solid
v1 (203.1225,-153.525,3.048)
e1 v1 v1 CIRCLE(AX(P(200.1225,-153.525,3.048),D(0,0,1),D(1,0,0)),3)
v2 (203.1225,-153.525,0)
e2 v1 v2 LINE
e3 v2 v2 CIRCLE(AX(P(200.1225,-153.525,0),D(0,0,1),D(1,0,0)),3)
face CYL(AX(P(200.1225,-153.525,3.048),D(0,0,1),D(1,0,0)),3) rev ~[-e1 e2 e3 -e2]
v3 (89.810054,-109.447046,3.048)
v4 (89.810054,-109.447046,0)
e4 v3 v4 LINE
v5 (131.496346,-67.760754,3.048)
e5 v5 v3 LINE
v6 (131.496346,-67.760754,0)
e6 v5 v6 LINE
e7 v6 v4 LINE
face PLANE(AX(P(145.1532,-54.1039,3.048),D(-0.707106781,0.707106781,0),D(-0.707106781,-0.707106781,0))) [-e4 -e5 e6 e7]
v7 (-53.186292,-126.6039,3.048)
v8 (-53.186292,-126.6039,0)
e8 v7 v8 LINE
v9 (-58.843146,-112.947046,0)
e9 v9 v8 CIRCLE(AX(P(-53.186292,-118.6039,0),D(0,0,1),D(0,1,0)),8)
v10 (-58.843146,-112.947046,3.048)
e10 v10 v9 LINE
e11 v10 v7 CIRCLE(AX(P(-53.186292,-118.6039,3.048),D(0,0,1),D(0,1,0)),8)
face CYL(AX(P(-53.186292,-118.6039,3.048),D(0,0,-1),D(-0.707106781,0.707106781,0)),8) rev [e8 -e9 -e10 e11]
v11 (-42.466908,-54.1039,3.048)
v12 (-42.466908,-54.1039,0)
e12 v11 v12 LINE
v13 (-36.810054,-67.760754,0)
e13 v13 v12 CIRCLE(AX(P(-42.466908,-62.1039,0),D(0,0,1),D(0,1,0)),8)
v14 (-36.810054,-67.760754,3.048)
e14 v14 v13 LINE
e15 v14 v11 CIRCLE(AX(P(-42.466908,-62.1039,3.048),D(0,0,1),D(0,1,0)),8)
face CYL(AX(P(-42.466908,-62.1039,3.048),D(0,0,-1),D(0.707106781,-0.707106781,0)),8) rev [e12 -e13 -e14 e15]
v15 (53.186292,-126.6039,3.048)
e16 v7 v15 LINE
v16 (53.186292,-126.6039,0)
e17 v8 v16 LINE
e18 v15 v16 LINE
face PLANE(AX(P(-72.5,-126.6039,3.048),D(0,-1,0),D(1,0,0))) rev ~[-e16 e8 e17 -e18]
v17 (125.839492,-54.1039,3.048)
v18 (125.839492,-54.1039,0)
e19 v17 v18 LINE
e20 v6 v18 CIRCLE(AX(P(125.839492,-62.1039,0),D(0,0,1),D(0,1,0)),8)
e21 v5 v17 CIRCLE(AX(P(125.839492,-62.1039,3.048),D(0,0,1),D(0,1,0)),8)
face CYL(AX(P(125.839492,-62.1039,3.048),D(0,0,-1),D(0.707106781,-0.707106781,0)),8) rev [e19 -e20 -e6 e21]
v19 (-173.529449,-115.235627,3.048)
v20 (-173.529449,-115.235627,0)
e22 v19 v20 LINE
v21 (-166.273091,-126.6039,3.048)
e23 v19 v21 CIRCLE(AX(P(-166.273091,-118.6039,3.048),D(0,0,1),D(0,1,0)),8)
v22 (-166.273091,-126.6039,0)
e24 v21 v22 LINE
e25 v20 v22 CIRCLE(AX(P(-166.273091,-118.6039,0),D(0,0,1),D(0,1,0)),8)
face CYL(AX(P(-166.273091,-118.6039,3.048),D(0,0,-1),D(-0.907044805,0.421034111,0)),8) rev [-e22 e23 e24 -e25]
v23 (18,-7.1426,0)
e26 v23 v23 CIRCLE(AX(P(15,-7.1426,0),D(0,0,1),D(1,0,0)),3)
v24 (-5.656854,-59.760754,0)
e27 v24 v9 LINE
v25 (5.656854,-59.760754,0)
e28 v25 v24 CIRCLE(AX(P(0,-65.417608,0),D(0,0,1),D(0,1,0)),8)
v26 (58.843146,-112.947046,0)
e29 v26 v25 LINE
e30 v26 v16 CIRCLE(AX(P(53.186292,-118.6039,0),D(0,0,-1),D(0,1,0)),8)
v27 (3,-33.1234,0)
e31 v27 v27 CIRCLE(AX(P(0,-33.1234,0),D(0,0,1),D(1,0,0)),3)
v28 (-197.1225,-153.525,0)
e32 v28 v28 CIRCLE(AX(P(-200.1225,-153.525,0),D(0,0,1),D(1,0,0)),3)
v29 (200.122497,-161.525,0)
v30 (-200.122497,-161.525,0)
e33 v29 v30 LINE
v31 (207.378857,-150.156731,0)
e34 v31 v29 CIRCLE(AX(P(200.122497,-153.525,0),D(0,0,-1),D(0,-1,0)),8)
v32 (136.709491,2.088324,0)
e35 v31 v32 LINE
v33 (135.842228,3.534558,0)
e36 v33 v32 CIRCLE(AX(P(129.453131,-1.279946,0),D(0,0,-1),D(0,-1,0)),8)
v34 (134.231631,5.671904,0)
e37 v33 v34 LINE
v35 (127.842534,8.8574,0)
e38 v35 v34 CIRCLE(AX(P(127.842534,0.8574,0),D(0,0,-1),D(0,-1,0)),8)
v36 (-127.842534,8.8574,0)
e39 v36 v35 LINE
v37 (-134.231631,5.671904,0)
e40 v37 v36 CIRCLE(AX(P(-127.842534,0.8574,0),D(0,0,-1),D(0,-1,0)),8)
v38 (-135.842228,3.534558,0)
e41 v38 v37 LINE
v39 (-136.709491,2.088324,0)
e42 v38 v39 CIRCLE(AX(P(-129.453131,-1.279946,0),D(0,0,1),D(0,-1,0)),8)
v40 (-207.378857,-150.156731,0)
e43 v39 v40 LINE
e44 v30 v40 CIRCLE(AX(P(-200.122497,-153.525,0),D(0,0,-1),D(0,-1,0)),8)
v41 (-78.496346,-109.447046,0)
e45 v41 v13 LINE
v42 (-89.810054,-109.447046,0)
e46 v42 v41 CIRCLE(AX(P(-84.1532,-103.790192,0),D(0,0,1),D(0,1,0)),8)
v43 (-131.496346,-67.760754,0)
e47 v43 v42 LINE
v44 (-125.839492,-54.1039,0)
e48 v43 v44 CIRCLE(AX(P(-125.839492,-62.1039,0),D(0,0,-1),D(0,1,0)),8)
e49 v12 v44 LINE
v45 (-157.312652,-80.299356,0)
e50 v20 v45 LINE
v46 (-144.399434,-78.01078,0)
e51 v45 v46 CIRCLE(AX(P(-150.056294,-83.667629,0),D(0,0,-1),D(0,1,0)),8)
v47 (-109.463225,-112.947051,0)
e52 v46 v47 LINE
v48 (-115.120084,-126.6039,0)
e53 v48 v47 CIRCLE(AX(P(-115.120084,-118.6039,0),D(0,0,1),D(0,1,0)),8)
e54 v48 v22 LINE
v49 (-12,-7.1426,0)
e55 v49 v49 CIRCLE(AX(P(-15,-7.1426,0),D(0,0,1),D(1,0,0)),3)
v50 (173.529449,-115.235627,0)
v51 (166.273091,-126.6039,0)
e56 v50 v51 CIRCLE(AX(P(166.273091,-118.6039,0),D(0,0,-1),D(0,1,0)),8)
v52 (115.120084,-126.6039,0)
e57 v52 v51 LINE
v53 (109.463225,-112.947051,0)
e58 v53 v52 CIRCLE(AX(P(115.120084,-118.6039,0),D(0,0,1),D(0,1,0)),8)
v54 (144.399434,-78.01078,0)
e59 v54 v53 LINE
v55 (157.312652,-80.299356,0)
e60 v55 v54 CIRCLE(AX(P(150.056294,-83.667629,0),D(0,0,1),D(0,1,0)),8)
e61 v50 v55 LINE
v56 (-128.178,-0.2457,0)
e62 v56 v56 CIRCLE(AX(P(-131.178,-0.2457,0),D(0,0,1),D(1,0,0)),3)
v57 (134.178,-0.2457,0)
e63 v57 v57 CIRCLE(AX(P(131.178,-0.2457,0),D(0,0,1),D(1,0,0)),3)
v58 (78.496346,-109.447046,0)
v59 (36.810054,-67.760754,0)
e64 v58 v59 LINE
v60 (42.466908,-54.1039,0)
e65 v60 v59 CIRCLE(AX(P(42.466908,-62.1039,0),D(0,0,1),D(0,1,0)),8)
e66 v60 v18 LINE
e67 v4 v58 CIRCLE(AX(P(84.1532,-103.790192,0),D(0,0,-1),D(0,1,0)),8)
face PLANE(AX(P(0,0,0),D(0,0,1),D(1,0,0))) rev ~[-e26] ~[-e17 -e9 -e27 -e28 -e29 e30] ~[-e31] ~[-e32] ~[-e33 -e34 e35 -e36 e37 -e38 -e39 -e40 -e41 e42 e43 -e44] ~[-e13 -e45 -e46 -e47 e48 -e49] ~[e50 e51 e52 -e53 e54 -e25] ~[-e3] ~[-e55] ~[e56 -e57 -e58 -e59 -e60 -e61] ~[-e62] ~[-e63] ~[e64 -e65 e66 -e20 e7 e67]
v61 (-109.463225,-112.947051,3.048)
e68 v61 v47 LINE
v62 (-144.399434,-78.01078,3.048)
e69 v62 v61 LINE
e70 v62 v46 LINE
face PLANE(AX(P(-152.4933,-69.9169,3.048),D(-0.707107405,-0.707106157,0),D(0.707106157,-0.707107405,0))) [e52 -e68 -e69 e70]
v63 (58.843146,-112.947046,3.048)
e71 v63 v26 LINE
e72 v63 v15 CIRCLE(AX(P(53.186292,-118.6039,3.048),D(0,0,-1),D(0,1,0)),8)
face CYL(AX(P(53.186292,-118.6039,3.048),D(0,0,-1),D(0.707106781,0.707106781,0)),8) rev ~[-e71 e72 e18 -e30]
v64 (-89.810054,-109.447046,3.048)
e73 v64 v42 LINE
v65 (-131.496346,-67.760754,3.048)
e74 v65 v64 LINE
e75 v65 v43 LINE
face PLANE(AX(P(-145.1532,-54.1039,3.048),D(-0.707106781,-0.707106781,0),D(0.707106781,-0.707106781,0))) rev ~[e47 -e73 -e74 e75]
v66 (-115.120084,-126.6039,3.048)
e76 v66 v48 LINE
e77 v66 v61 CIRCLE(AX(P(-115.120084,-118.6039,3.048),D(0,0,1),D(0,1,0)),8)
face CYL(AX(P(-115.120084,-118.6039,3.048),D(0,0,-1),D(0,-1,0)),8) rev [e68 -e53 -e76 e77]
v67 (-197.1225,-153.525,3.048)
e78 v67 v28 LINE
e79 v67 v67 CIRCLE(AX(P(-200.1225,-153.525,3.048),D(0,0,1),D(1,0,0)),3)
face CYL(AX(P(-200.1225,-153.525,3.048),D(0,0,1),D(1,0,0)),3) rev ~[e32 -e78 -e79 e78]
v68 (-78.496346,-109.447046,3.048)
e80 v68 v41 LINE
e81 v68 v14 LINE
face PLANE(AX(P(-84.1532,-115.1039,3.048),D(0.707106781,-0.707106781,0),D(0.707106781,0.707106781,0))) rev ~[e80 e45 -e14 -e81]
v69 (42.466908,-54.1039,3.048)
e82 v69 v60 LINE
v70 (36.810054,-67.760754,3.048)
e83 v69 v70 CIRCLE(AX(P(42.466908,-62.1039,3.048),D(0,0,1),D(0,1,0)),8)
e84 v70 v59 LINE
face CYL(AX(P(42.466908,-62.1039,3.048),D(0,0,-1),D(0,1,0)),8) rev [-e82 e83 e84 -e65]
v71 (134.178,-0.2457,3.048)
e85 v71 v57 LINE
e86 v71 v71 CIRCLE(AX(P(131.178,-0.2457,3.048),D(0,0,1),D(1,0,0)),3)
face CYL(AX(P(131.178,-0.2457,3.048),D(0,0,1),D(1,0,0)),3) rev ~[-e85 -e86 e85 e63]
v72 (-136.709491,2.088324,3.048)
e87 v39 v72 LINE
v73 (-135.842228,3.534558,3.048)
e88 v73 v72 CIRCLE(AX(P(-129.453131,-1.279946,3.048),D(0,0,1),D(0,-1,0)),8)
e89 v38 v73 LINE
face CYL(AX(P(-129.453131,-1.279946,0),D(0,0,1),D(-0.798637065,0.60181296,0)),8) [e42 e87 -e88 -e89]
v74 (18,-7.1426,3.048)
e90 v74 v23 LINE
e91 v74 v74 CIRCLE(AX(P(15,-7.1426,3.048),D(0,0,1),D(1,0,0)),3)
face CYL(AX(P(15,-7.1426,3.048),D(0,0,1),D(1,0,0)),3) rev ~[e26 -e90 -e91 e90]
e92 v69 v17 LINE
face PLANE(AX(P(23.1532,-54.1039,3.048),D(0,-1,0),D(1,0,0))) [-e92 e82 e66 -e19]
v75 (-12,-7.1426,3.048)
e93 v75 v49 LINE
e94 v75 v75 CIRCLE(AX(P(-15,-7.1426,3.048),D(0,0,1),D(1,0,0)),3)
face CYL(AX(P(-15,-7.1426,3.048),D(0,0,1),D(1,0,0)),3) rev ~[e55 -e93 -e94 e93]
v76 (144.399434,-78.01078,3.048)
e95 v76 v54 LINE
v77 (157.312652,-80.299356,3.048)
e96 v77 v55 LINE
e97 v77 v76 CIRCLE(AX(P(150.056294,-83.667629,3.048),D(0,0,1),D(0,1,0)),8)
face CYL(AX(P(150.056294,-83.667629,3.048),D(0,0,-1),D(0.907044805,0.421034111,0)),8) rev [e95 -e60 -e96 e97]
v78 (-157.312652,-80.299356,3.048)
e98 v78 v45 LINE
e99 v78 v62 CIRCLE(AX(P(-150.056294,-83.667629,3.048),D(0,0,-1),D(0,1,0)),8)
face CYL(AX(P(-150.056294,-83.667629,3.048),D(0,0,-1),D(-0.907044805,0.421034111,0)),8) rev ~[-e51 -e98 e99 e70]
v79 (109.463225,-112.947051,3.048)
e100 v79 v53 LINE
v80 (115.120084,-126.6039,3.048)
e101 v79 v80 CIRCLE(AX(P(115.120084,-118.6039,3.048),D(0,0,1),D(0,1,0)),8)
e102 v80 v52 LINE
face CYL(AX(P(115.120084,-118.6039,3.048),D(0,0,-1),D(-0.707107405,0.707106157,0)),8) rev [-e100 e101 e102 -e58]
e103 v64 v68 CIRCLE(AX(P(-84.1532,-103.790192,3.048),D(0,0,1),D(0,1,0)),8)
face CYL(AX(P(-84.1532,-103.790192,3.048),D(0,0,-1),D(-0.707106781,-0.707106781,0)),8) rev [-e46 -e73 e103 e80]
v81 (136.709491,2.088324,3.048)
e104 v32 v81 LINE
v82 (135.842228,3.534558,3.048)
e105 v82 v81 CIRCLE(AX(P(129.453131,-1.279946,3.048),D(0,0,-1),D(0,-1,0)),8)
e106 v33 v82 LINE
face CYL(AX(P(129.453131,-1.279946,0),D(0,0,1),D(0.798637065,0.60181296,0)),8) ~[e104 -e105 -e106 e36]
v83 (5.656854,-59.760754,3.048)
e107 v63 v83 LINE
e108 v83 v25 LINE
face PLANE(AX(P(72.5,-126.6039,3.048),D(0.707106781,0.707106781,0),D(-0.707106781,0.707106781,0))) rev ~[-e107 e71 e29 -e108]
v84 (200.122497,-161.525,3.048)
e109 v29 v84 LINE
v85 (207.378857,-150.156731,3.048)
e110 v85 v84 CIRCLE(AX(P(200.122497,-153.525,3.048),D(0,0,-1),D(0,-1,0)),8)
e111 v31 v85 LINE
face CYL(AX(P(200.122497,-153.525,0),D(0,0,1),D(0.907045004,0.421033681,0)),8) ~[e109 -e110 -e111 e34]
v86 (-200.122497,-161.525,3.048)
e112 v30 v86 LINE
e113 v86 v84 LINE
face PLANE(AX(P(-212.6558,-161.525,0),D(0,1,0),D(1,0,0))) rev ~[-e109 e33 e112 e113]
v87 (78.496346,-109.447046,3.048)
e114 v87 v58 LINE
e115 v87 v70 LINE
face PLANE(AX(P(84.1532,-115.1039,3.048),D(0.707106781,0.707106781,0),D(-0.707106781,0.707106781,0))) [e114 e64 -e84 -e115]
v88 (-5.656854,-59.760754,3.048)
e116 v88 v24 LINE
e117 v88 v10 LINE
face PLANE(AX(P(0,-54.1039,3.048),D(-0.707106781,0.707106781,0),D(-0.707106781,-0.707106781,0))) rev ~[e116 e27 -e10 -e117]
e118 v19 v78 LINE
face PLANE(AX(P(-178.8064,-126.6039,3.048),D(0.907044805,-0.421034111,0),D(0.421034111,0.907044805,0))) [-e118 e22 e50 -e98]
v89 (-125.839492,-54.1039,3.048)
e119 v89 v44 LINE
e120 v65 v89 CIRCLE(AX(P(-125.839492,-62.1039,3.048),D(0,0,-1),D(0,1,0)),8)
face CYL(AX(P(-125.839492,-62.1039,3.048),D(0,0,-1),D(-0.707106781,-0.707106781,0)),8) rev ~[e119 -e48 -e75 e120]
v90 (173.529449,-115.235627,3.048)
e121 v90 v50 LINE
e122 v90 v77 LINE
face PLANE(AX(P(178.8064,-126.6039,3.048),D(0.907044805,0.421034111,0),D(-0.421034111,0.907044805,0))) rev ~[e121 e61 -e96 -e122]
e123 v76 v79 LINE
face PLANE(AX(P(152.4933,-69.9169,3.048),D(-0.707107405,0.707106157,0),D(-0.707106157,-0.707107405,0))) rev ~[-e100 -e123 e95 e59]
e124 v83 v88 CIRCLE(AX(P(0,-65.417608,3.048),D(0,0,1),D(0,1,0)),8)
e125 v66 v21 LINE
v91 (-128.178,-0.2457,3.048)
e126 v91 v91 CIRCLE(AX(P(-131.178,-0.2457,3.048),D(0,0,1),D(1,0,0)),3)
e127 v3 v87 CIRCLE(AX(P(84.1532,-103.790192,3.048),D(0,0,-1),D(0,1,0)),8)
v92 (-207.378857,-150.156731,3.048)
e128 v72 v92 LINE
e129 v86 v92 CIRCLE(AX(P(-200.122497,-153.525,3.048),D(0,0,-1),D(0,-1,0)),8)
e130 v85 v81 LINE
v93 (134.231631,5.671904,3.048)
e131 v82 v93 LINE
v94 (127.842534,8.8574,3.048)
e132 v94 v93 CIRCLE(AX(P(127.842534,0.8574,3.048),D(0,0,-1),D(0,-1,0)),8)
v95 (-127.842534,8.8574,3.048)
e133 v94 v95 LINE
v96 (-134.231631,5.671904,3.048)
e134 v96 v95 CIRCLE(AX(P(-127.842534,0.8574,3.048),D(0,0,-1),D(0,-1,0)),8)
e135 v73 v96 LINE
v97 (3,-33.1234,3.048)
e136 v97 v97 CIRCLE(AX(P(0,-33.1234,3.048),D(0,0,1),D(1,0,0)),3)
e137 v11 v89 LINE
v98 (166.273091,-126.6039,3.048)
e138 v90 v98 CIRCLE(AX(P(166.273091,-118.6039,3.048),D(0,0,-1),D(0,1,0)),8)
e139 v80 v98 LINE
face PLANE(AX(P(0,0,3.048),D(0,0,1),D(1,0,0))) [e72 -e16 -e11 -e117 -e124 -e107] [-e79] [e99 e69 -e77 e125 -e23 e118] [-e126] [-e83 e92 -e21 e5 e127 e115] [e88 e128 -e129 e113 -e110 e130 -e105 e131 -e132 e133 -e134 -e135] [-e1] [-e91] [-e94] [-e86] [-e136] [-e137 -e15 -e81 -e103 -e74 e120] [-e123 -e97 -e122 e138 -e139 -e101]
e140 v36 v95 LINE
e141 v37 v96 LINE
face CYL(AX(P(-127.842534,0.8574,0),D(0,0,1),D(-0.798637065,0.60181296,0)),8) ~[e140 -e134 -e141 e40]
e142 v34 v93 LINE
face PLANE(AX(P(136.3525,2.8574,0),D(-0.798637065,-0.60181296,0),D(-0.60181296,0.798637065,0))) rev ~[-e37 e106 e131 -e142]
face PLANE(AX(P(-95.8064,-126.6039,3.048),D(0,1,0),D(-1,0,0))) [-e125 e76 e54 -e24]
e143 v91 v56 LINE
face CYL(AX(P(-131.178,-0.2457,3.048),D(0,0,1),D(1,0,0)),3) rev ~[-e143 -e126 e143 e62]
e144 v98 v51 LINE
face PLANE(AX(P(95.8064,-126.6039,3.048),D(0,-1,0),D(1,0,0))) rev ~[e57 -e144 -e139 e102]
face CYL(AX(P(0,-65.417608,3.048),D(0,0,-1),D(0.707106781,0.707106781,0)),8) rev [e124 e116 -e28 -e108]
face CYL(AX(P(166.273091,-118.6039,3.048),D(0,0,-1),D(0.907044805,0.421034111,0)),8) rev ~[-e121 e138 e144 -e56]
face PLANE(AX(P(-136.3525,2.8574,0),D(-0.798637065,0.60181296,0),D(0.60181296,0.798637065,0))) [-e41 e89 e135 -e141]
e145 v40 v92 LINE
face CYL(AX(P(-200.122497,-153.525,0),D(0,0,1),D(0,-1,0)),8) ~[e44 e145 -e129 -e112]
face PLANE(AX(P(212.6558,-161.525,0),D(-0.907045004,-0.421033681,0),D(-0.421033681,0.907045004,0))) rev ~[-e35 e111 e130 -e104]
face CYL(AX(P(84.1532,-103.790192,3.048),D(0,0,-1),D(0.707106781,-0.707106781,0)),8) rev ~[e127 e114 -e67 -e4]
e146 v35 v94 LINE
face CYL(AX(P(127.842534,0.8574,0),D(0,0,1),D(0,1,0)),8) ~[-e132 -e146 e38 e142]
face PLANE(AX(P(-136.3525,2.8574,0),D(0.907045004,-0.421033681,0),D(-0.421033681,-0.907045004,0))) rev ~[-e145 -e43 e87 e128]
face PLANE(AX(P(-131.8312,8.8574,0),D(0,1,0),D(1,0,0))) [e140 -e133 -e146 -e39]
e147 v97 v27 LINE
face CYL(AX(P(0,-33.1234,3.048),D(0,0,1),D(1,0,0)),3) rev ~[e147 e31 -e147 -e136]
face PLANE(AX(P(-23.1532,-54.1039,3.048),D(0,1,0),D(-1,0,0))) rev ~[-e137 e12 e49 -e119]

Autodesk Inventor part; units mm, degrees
ref_plane "YZ Plane" through (0, 0, 0) normal (1, 0, 0) x (0, 1, 0)
ref_plane "XZ Plane" through (0, 0, 0) normal (0, 1, 0) x (-1, 0, 0)
ref_plane "XY Plane" through (0, 0, 0) normal (0, 0, 1) x (1, 0, 0)
sketch "Sketch1" plane through (0, 0, 0) normal (0, 0, 1) x (1, 0, 0)
  line L0 (-64.749, 104.525) -> (-139.8022, 4.926) construction
  line L1 (0, 104.525) -> (-64.749, 104.525) construction
  line L2 (-139.8022, 4.926) -> (-218.9225, -165.525) construction
  line L3 (0, -219.535) -> (0, 158.535) construction
  line L4 (64.749, 104.525) -> (139.8022, 4.926) construction
  line L5 (0, 104.525) -> (64.749, 104.525) construction
  line L6 (139.8022, 4.926) -> (218.9225, -165.525) construction
  line L7 (-218.9225, -165.525) -> (0, -165.525) construction
  line L8 (218.9225, -165.525) -> (0, -165.525) construction
  line L9 (-62.7547, 100.525) -> (-136.3525, 2.8574) construction
  line L10 (-136.3525, 2.8574) -> (-212.6558, -161.525)
  line L11 (-212.6558, -161.525) -> (0, -161.525)
  line L12 (0, -161.525) -> (212.6558, -161.525)
  line L13 (212.6558, -161.525) -> (136.3525, 2.8574)
  line L14 (136.3525, 2.8574) -> (62.7547, 100.525) construction
  line L15 (62.7547, 100.525) -> (0, 100.525) construction
  line L16 (0, 100.525) -> (-62.7547, 100.525) construction
  line L17 (-136.3525, 2.8574) -> (-131.8312, 8.8574)
  line L18 (-131.8312, 8.8574) -> (0, 8.8574)
  line L19 (136.3525, 2.8574) -> (131.8312, 8.8574)
  line L20 (131.8312, 8.8574) -> (0, 8.8574)
  point P0 (0, 0)
  dimension "d0" = 4
  dimension "d34" = 6
extrude "Plate1" add sketch "Sketch1" along normal blind 3.048
fillet "Fillet1" radius 8 6 edges at (-212.6558, -161.525, 1.524) (212.6558, -161.525, 1.524) (-131.8312, 8.8574, 1.524) (-136.3525, 2.8574, 1.524) (131.8312, 8.8574, 1.524) (136.3525, 2.8574, 1.524)
sketch "Sketch3" plane through (0, 0, 3.048) normal (0, 0, 1) x (1, 0, 0)
  arc A0 (200.1225, -161.525) -> (207.3789, -150.1567) centre (200.1225, -153.525) ccw construction
  line L0 (136.7095, 2.0883) -> (207.3789, -150.1567) construction
  line L1 (-207.3789, -150.1567) -> (-136.7095, 2.0883) construction
  arc A1 (-207.3789, -150.1567) -> (-200.1225, -161.525) centre (-200.1225, -153.525) ccw construction
  line L2 (200.1225, -161.525) -> (-200.1225, -161.525) construction
  line L3 (-59.7632, 94.525) -> (59.7632, 94.525) construction
  line L4 (59.7632, 94.525) -> (131.178, -0.2457) construction
  line L5 (131.178, -0.2457) -> (203.2558, -155.525) construction
  line L6 (203.2558, -155.525) -> (-203.2558, -155.525) construction
  line L7 (-203.2558, -155.525) -> (-131.178, -0.2457) construction
  line L8 (-131.178, -0.2457) -> (-59.7632, 94.525) construction
  circle A2 centre (-59.7632, 94.525) radius 3
  circle A3 centre (59.7632, 94.525) radius 3
  circle A4 centre (-131.178, -0.2457) radius 3
  circle A5 centre (131.178, -0.2457) radius 3
  circle A6 centre (-200.1225, -153.525) radius 3
  line L9 (0, -215.7211) -> (0, 149.7327) construction
  circle A7 centre (200.1225, -153.525) radius 3
  arc A8 (136.7095, 2.0883) -> (135.8422, 3.5345) centre (129.4531, -1.28) ccw projected
  line L10 (134.2316, 5.6719) -> (135.8422, 3.5345) projected
  arc A9 (134.2316, 5.6719) -> (127.8425, 8.8574) centre (127.8425, 0.8574) ccw projected
  line L11 (-127.8425, 8.8574) -> (127.8425, 8.8574) projected
  arc A10 (-127.8425, 8.8574) -> (-134.2316, 5.6719) centre (-127.8425, 0.8574) ccw projected
  line L12 (-135.8422, 3.5345) -> (-134.2316, 5.6719) projected
  arc A11 (-135.8422, 3.5345) -> (-136.7095, 2.0883) centre (-129.4531, -1.28) ccw projected
  point P0 (0, 0)
  dimension "d4" = 6
extrude "Cut1" cut sketch "Sketch3" against normal blind 3.048
sketch "Sketch5" plane through (0, 0, 3.048) normal (0, 0, 1) x (1, 0, 0)
  circle A0 centre (-131.178, -0.2457) radius 3 construction
  circle A1 centre (131.178, -0.2457) radius 3 construction
  circle A2 centre (-200.1225, -153.525) radius 3 construction
  circle A3 centre (200.1225, -153.525) radius 3 construction
  arc A4 (136.7095, 2.0883) -> (135.8422, 3.5345) centre (129.4531, -1.28) ccw construction
  line L0 (134.2316, 5.6719) -> (135.8422, 3.5345) construction
  arc A5 (134.2316, 5.6719) -> (127.8425, 8.8574) centre (127.8425, 0.8574) ccw construction
  line L1 (-127.8425, 8.8574) -> (127.8425, 8.8574) construction
  arc A6 (-127.8425, 8.8574) -> (-134.2316, 5.6719) centre (-127.8425, 0.8574) ccw construction
  line L2 (-135.8422, 3.5345) -> (-134.2316, 5.6719) construction
  arc A7 (-135.8422, 3.5345) -> (-136.7095, 2.0883) centre (-129.4531, -1.28) ccw construction
  line L3 (-207.3789, -150.1567) -> (-136.7095, 2.0883) construction
  arc A8 (-207.3789, -150.1567) -> (-200.1225, -161.525) centre (-200.1225, -153.525) ccw construction
  line L4 (200.1225, -161.525) -> (-200.1225, -161.525) construction
  arc A9 (200.1225, -161.525) -> (207.3789, -150.1567) centre (200.1225, -153.525) ccw construction
  line L5 (136.7095, 2.0883) -> (207.3789, -150.1567) construction
  line L6 (0, -198.138) -> (0, 44.2342) construction
  line L7 (-100, 8.8574) -> (-100, -161.525) construction
  line L8 (-207.3789, -150.1567) -> (-136.7095, 2.0883) projected
  line L9 (200.1225, -161.525) -> (-200.1225, -161.525) projected
  line L10 (-15, -7.1426) -> (15, -7.1426) construction
  line L11 (15, -7.1426) -> (0, -33.1234) construction
  line L12 (0, -33.1234) -> (-15, -7.1426) construction
  circle A10 centre (-15, -7.1426) radius 3
  circle A11 centre (15, -7.1426) radius 3
  circle A12 centre (0, -33.1234) radius 3
  circle A13 centre (-100, -38.1039) radius 3
  circle A14 centre (-100, -142.6039) radius 3
  circle A15 centre (100, -38.1039) radius 3
  circle A16 centre (100, -142.6039) radius 3
  line L13 (0, -54.1039) -> (-72.5, -126.6039)
  line L14 (-72.5, -126.6039) -> (72.5, -126.6039)
  line L15 (72.5, -126.6039) -> (0, -54.1039)
  line L16 (-84.1532, -115.1039) -> (-23.1532, -54.1039)
  line L17 (-23.1532, -54.1039) -> (-145.1532, -54.1039)
  line L18 (-145.1532, -54.1039) -> (-84.1532, -115.1039)
  line L19 (-152.4933, -69.9169) -> (-95.8064, -126.6039)
  line L20 (-95.8064, -126.6039) -> (-178.8064, -126.6039)
  line L21 (-178.8064, -126.6039) -> (-152.4933, -69.9169)
  line L22 (-145.1532, -54.1039) -> (-152.4933, -69.9169) construction
  line L23 (-23.1532, -54.1039) -> (0, -54.1039) construction
  line L24 (-95.8064, -126.6039) -> (-72.5, -126.6039) construction
  line L25 (-84.1532, -115.1039) -> (-84.1532, -126.6039) construction
  line L26 (84.1532, -115.1039) -> (23.1532, -54.1039)
  line L27 (23.1532, -54.1039) -> (145.1532, -54.1039)
  line L28 (145.1532, -54.1039) -> (84.1532, -115.1039)
  line L29 (152.4933, -69.9169) -> (95.8064, -126.6039)
  line L30 (95.8064, -126.6039) -> (178.8064, -126.6039)
  line L31 (178.8064, -126.6039) -> (152.4933, -69.9169)
  point P0 (0, 0)
  point P1 (0, -7.1426)
  dimension "d38" = 60
  dimension "d39" = 30
  dimension "d40" = 16
  dimension "d41" = 6
  dimension "d54" = 100
  dimension "d57" = 45
  dimension "d58" = 16
  dimension "d59" = 16
  dimension "d60" = 145
  dimension "d61" = 122
  dimension "d62" = 83
  dimension "d63" = 16
extrude "Cut3" cut sketch "Sketch5" against normal blind 3.048 contours A10 | A11 | A12 | L15 L14 L13 | L18 L17 L16 | L19 L20 L21 | L26 L27 L28 | L31 L30 L29
fillet "Fillet3" radius 8 15 edges at (72.5, -126.6039, 1.524) (0, -54.1039, 1.524) (-72.5, -126.6039, 1.524) (-178.8064, -126.6039, 1.524) (-152.4933, -69.9169, 1.524) (-95.8064, -126.6039, 1.524) (178.8064, -126.6039, 1.524) (95.8064, -126.6039, 1.524) (152.4933, -69.9169, 1.524) (145.1532, -54.1039, 1.524) (84.1532, -115.1039, 1.524) (23.1532, -54.1039, 1.524) (-84.1532, -115.1039, 1.524) (-145.1532, -54.1039, 1.524) (-23.1532, -54.1039, 1.524)
equation "\"d4\" = d3"
equation "\"d5\" = Thickness"
equation "\"d1\" = Thickness"
equation "\"BendRadius\" = Thickness"
equation "\"BendReliefWidth\" = Thickness"
equation "\"BendReliefDepth\" = 0.5 * Thickness"
equation "\"CornerReliefSize\" = 4 * Thickness"
equation "\"MinimumRemnant\" = 2 * Thickness"
equation "\"TransitionRadius\" = BendRadius"
equation "\"JacobiRadiusSize\" = BendRadius"
equation "\"GapSize\" = Thickness"
equation "\"d3\" = 6"
equation "\"Thickness\" = 3.048"
properties part number "ChestFront"
